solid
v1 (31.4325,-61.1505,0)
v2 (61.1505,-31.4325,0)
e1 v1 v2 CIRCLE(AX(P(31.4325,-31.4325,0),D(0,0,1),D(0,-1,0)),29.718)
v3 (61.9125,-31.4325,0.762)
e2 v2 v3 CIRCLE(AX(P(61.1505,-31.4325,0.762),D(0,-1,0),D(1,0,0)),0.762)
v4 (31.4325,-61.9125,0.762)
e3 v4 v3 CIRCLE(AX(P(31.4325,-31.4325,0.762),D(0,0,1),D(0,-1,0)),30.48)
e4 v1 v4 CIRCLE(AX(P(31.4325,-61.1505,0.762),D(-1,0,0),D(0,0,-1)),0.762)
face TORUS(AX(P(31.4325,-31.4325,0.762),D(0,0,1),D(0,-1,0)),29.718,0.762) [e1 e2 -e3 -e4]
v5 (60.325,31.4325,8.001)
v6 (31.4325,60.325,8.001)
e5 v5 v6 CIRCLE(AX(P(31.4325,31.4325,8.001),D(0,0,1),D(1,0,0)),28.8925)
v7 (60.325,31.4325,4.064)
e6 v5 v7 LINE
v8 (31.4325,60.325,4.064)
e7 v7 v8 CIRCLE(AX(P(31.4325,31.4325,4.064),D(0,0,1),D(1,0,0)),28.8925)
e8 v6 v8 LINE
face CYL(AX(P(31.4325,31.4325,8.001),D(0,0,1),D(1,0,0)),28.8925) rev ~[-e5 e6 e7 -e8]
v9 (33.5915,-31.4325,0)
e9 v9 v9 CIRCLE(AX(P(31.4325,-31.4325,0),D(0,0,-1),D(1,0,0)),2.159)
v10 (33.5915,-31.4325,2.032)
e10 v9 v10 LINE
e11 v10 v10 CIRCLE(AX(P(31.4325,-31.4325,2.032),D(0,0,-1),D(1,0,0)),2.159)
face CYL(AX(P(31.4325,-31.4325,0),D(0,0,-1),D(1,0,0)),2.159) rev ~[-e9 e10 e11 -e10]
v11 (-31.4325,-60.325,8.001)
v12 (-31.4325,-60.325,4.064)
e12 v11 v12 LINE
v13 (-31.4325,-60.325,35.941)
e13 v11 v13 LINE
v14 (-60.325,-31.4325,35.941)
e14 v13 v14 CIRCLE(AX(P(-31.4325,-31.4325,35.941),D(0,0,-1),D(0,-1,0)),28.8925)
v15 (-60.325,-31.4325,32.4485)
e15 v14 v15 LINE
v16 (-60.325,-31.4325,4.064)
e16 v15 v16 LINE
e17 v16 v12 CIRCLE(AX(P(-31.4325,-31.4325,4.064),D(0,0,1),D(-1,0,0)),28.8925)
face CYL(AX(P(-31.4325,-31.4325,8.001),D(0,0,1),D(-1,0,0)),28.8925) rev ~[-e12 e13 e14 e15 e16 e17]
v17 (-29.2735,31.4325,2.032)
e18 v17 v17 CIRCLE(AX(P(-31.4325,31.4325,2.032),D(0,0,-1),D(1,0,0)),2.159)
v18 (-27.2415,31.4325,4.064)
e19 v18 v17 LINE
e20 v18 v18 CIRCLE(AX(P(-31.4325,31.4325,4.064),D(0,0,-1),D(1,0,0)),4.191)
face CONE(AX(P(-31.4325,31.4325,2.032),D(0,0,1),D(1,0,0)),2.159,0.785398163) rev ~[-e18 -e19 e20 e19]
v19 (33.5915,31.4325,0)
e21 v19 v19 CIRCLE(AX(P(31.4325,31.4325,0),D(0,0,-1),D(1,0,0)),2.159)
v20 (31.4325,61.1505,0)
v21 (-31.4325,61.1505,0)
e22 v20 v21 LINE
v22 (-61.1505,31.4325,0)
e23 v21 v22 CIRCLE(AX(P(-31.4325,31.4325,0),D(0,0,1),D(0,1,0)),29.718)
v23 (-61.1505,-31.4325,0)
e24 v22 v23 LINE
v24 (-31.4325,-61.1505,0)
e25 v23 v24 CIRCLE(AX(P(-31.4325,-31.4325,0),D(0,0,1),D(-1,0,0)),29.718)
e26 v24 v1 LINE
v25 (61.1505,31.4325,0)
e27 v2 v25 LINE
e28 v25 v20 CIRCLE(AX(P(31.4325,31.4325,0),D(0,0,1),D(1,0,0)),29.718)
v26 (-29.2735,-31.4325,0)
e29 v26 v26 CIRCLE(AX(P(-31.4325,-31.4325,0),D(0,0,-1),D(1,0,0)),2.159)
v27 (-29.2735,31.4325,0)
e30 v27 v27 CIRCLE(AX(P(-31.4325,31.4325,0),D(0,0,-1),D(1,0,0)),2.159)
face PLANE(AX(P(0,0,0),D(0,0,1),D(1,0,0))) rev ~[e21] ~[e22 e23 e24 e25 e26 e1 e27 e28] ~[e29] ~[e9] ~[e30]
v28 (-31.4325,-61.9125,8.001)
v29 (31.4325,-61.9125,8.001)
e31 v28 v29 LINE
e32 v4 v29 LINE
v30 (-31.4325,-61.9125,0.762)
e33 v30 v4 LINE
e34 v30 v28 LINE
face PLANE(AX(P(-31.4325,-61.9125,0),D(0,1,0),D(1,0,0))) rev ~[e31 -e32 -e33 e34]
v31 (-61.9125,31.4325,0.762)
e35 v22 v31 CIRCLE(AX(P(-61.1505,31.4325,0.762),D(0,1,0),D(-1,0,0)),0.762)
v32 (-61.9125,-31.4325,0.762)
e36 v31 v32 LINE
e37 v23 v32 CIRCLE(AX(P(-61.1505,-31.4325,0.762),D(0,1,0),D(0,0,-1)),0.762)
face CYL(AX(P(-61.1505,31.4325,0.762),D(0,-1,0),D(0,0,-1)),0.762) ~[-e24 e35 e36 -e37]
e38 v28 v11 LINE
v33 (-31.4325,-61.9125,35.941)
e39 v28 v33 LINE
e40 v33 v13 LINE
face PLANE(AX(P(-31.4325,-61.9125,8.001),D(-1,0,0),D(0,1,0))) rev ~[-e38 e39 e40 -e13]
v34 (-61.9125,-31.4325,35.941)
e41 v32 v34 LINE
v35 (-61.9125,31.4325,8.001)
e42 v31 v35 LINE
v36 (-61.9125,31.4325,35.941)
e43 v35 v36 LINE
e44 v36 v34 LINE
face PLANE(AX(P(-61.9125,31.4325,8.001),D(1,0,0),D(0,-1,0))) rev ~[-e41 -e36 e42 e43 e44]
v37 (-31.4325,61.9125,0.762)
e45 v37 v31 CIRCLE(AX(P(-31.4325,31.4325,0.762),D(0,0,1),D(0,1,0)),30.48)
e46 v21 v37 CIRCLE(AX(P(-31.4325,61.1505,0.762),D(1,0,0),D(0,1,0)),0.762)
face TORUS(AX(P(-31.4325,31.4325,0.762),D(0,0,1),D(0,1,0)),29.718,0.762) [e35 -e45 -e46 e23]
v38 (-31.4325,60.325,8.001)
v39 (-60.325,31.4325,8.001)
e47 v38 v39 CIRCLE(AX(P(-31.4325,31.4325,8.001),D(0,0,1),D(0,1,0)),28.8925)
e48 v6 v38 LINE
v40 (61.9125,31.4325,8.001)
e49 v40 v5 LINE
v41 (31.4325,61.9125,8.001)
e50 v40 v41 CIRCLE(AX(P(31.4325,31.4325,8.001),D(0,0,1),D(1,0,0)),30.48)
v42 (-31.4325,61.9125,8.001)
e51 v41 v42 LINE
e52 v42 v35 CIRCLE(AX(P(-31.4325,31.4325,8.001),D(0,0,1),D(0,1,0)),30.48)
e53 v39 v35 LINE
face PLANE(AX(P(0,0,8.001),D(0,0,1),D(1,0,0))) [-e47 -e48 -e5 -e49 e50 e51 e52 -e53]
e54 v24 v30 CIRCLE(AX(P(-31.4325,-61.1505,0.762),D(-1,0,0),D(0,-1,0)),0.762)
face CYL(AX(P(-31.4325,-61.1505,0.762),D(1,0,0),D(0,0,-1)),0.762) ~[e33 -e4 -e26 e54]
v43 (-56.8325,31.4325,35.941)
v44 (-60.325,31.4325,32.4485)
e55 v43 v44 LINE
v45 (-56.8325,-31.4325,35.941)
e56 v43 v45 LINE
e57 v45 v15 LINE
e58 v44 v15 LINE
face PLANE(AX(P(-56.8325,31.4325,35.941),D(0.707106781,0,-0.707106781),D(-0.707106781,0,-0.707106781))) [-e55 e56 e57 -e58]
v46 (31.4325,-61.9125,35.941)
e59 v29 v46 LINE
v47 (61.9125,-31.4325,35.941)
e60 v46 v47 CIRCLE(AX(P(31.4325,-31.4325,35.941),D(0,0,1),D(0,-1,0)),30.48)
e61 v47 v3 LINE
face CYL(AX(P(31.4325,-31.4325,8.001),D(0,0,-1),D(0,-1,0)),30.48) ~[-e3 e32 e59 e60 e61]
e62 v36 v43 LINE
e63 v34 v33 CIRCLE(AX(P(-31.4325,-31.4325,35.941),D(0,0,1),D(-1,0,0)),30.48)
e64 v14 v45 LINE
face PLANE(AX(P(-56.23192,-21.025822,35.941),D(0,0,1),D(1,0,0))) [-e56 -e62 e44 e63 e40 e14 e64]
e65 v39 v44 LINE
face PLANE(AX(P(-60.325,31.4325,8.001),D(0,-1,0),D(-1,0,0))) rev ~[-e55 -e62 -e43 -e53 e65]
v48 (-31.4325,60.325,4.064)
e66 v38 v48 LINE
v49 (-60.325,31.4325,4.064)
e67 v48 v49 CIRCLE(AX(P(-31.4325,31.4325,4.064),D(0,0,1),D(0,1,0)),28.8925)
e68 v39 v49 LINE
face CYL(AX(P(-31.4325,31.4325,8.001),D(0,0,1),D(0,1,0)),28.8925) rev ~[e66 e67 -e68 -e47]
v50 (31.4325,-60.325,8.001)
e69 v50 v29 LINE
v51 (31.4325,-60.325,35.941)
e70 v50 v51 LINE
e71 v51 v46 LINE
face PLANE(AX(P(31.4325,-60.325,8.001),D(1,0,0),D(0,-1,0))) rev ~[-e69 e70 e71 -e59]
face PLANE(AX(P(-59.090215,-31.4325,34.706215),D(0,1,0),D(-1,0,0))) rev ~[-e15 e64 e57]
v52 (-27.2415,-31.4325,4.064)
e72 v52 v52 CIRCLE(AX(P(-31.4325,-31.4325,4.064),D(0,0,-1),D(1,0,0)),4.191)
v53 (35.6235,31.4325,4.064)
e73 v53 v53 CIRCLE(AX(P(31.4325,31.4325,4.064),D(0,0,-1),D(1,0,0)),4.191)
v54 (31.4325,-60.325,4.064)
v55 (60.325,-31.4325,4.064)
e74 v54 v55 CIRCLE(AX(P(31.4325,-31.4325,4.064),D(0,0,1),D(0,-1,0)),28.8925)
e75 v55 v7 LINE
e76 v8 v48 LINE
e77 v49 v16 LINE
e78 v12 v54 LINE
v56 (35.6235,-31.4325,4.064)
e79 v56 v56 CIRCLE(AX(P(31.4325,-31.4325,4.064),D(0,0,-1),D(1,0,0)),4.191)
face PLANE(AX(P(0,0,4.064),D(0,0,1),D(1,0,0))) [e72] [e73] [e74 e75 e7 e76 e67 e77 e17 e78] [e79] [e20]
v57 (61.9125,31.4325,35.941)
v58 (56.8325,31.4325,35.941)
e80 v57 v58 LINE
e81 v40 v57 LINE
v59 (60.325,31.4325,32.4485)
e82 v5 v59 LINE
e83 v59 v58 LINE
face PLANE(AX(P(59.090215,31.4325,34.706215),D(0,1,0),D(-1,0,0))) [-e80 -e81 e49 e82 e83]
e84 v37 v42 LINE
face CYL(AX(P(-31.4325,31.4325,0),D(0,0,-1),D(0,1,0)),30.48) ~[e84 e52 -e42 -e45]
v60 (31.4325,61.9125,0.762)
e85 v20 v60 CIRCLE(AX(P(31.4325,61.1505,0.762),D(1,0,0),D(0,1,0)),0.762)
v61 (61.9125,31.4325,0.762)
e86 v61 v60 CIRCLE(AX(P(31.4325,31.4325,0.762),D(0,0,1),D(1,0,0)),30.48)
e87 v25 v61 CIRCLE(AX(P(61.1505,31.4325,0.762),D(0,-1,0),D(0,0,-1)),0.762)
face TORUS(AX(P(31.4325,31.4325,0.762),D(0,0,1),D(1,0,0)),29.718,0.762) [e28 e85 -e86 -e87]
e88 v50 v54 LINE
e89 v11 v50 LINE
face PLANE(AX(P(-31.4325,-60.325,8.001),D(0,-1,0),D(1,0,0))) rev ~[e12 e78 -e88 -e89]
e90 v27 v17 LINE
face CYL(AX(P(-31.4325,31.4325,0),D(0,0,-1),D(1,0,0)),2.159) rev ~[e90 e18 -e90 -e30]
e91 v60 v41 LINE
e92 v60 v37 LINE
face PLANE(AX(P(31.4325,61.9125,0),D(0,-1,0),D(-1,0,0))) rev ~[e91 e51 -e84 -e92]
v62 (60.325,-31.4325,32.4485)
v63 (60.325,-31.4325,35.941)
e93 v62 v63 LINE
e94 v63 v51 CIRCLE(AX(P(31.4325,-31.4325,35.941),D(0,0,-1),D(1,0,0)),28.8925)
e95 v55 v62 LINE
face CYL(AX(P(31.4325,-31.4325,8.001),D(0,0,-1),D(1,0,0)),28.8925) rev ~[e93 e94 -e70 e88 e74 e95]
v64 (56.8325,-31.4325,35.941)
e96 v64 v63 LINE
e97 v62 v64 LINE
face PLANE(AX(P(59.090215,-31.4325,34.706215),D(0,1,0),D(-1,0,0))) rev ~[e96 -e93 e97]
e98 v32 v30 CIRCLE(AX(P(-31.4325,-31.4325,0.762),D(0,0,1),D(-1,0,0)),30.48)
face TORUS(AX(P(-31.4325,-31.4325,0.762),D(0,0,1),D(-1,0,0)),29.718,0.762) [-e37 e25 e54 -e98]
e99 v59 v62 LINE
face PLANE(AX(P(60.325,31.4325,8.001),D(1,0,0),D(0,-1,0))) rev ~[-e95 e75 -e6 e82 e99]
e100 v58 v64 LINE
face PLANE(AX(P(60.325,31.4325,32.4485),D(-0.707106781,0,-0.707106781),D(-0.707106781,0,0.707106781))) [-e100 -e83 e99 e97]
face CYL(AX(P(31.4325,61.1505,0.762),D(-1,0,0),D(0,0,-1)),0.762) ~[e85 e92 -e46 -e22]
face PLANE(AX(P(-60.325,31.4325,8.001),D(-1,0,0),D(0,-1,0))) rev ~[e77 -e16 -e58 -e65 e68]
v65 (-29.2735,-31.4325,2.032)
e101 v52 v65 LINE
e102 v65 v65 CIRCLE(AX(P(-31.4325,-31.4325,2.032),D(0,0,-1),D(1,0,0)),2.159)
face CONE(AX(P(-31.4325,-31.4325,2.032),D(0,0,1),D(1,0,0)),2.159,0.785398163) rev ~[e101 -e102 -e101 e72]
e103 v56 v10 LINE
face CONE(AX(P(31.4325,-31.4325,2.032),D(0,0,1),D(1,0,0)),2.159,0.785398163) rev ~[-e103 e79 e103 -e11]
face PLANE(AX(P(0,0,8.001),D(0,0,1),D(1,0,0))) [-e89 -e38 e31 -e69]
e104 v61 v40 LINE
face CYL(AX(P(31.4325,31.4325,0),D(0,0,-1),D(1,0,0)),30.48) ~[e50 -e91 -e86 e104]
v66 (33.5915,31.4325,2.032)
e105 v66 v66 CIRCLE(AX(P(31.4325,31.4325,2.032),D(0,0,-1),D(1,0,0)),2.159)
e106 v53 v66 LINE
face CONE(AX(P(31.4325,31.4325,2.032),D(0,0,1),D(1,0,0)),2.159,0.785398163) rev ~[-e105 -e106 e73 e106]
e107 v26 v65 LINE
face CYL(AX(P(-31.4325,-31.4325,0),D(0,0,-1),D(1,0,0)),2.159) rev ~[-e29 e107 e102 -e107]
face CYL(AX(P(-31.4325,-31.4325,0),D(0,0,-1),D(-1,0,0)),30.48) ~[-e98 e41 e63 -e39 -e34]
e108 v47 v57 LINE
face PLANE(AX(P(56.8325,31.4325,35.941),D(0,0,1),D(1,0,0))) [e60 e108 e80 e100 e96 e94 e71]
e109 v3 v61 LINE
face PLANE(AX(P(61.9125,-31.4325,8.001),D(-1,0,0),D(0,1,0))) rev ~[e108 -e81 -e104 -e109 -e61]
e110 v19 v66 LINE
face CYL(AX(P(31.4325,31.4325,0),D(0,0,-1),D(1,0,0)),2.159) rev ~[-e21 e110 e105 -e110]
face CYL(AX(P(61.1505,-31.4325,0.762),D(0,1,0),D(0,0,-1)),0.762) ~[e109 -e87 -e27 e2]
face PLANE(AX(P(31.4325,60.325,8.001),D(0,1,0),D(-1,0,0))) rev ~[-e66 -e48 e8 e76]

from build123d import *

# Parameters (mm, degrees)
F1_DEPTH = 8.001
F3_DEPTH = 3.937
F5_DEPTH = 27.94
F7_DEPTH = 62.865
F8_R     = 2.159
F9_DEPTH = 25.4
F10_SIZE = 2.032
F11_R    = 0.762


with BuildPart() as f1:
    # F0 (on Top) → F1 (new body)
    with BuildSketch(Plane.XY):
        with BuildLine():
            Line((31.4325, 61.9125), (-31.4325, 61.9125))
            ThreePointArc((-31.4325, 61.9125), (-52.9851146906, 52.9851146906), (-61.9125, 31.4325))
            Line((-61.9125, 31.4325), (-61.9125, -31.4325))
            ThreePointArc((-61.9125, -31.4325), (-52.9851146906, -52.9851146906), (-31.4325, -61.9125))
            Line((-31.4325, -61.9125), (31.4325, -61.9125))
            ThreePointArc((31.4325, -61.9125), (52.9851146906, -52.9851146906), (61.9125, -31.4325))
            Line((61.9125, -31.4325), (61.9125, 31.4325))
            ThreePointArc((61.9125, 31.4325), (52.9851146906, 52.9851146906), (31.4325, 61.9125))
        make_face()
    extrude(amount=F1_DEPTH)

    # F2 (on face) → F3 (cut)
    with BuildSketch(Plane.XY.offset(8.001)):
        with BuildLine():
            Line((31.4325, 60.325), (-31.4325, 60.325))
            ThreePointArc((-31.4325, 60.325), (-51.8625826754, 51.8625826754), (-60.325, 31.4325))
            Line((-60.325, 31.4325), (-60.325, -31.4325))
            ThreePointArc((-60.325, -31.4325), (-51.8625826754, -51.8625826754), (-31.4325, -60.325))
            Line((-31.4325, -60.325), (31.4325, -60.325))
            ThreePointArc((31.4325, -60.325), (51.8625826754, -51.8625826754), (60.325, -31.4325))
            Line((60.325, -31.4325), (60.325, 31.4325))
            ThreePointArc((60.325, 31.4325), (51.8625826754, 51.8625826754), (31.4325, 60.325))
        make_face()
    extrude(amount=-F3_DEPTH, mode=Mode.SUBTRACT)

    # F4 (on face) → F5 (join)
    with BuildSketch(Plane.XY.offset(8.001)):
        with BuildLine():
            Line((61.9125, 31.4325), (60.325, 31.4325))
            Line((60.325, 31.4325), (60.325, -31.4325))
            ThreePointArc((60.325, -31.4325), (51.8625826754, -51.8625826754), (31.4325, -60.325))
            Line((31.4325, -60.325), (31.4325, -61.9125))
            ThreePointArc((31.4325, -61.9125), (52.9851146906, -52.9851146906), (61.9125, -31.4325))
            Line((61.9125, -31.4325), (61.9125, 31.4325))
        make_face()
        with BuildLine():
            Line((-60.325, -31.4325), (-60.325, 31.4325))
            Line((-60.325, 31.4325), (-61.9125, 31.4325))
            Line((-61.9125, 31.4325), (-61.9125, -31.4325))
            ThreePointArc((-61.9125, -31.4325), (-52.9851146906, -52.9851146906), (-31.4325, -61.9125))
            Line((-31.4325, -61.9125), (-31.4325, -60.325))
            ThreePointArc((-31.4325, -60.325), (-51.8625826754, -51.8625826754), (-60.325, -31.4325))
        make_face()
    extrude(amount=F5_DEPTH)

    # F6 (on face) → F7 (join, through all)
    with BuildSketch(Plane(origin=(0, 31.4325, 0), x_dir=(-1, 0, 0), z_dir=(0, 1, 0))):
        Polygon((-56.8325, 35.941), (-60.325, 35.941), (-60.325, 32.4485), align=None)
        Polygon((60.325, 32.4485), (60.325, 35.941), (56.8325, 35.941), align=None)
    extrude(amount=-F7_DEPTH)

    # F8 (on face) → F9 (cut)
    with BuildSketch(Plane(origin=(0, 0, 0), x_dir=(1, 0, 0), z_dir=(0, 0, -1))):
        with Locations((-31.4325, 31.4325)):
            Circle(F8_R)
        with Locations((31.4325, 31.4325)):
            Circle(F8_R)
        with Locations((31.4325, -31.4325)):
            Circle(F8_R)
        with Locations((-31.4325, -31.4325)):
            Circle(F8_R)
    extrude(amount=-F9_DEPTH, mode=Mode.SUBTRACT)

    # F10
    f10_edges = [f1.edges().sort_by_distance(p)[0] for p in [
        (29.2735, -31.4325, 4.064),
        (-33.5915, -31.4325, 4.064),
        (-33.5915, 31.4325, 4.064),
        (29.2735, 31.4325, 4.064),
    ]]
    chamfer(f10_edges, length=F10_SIZE)

    # F11
    f11_edges = [f1.edges().sort_by_distance(p)[0] for p in [
        (-52.985115, 52.985115, 0),
    ]]
    fillet(f11_edges, radius=F11_R)


solid = f1.part
